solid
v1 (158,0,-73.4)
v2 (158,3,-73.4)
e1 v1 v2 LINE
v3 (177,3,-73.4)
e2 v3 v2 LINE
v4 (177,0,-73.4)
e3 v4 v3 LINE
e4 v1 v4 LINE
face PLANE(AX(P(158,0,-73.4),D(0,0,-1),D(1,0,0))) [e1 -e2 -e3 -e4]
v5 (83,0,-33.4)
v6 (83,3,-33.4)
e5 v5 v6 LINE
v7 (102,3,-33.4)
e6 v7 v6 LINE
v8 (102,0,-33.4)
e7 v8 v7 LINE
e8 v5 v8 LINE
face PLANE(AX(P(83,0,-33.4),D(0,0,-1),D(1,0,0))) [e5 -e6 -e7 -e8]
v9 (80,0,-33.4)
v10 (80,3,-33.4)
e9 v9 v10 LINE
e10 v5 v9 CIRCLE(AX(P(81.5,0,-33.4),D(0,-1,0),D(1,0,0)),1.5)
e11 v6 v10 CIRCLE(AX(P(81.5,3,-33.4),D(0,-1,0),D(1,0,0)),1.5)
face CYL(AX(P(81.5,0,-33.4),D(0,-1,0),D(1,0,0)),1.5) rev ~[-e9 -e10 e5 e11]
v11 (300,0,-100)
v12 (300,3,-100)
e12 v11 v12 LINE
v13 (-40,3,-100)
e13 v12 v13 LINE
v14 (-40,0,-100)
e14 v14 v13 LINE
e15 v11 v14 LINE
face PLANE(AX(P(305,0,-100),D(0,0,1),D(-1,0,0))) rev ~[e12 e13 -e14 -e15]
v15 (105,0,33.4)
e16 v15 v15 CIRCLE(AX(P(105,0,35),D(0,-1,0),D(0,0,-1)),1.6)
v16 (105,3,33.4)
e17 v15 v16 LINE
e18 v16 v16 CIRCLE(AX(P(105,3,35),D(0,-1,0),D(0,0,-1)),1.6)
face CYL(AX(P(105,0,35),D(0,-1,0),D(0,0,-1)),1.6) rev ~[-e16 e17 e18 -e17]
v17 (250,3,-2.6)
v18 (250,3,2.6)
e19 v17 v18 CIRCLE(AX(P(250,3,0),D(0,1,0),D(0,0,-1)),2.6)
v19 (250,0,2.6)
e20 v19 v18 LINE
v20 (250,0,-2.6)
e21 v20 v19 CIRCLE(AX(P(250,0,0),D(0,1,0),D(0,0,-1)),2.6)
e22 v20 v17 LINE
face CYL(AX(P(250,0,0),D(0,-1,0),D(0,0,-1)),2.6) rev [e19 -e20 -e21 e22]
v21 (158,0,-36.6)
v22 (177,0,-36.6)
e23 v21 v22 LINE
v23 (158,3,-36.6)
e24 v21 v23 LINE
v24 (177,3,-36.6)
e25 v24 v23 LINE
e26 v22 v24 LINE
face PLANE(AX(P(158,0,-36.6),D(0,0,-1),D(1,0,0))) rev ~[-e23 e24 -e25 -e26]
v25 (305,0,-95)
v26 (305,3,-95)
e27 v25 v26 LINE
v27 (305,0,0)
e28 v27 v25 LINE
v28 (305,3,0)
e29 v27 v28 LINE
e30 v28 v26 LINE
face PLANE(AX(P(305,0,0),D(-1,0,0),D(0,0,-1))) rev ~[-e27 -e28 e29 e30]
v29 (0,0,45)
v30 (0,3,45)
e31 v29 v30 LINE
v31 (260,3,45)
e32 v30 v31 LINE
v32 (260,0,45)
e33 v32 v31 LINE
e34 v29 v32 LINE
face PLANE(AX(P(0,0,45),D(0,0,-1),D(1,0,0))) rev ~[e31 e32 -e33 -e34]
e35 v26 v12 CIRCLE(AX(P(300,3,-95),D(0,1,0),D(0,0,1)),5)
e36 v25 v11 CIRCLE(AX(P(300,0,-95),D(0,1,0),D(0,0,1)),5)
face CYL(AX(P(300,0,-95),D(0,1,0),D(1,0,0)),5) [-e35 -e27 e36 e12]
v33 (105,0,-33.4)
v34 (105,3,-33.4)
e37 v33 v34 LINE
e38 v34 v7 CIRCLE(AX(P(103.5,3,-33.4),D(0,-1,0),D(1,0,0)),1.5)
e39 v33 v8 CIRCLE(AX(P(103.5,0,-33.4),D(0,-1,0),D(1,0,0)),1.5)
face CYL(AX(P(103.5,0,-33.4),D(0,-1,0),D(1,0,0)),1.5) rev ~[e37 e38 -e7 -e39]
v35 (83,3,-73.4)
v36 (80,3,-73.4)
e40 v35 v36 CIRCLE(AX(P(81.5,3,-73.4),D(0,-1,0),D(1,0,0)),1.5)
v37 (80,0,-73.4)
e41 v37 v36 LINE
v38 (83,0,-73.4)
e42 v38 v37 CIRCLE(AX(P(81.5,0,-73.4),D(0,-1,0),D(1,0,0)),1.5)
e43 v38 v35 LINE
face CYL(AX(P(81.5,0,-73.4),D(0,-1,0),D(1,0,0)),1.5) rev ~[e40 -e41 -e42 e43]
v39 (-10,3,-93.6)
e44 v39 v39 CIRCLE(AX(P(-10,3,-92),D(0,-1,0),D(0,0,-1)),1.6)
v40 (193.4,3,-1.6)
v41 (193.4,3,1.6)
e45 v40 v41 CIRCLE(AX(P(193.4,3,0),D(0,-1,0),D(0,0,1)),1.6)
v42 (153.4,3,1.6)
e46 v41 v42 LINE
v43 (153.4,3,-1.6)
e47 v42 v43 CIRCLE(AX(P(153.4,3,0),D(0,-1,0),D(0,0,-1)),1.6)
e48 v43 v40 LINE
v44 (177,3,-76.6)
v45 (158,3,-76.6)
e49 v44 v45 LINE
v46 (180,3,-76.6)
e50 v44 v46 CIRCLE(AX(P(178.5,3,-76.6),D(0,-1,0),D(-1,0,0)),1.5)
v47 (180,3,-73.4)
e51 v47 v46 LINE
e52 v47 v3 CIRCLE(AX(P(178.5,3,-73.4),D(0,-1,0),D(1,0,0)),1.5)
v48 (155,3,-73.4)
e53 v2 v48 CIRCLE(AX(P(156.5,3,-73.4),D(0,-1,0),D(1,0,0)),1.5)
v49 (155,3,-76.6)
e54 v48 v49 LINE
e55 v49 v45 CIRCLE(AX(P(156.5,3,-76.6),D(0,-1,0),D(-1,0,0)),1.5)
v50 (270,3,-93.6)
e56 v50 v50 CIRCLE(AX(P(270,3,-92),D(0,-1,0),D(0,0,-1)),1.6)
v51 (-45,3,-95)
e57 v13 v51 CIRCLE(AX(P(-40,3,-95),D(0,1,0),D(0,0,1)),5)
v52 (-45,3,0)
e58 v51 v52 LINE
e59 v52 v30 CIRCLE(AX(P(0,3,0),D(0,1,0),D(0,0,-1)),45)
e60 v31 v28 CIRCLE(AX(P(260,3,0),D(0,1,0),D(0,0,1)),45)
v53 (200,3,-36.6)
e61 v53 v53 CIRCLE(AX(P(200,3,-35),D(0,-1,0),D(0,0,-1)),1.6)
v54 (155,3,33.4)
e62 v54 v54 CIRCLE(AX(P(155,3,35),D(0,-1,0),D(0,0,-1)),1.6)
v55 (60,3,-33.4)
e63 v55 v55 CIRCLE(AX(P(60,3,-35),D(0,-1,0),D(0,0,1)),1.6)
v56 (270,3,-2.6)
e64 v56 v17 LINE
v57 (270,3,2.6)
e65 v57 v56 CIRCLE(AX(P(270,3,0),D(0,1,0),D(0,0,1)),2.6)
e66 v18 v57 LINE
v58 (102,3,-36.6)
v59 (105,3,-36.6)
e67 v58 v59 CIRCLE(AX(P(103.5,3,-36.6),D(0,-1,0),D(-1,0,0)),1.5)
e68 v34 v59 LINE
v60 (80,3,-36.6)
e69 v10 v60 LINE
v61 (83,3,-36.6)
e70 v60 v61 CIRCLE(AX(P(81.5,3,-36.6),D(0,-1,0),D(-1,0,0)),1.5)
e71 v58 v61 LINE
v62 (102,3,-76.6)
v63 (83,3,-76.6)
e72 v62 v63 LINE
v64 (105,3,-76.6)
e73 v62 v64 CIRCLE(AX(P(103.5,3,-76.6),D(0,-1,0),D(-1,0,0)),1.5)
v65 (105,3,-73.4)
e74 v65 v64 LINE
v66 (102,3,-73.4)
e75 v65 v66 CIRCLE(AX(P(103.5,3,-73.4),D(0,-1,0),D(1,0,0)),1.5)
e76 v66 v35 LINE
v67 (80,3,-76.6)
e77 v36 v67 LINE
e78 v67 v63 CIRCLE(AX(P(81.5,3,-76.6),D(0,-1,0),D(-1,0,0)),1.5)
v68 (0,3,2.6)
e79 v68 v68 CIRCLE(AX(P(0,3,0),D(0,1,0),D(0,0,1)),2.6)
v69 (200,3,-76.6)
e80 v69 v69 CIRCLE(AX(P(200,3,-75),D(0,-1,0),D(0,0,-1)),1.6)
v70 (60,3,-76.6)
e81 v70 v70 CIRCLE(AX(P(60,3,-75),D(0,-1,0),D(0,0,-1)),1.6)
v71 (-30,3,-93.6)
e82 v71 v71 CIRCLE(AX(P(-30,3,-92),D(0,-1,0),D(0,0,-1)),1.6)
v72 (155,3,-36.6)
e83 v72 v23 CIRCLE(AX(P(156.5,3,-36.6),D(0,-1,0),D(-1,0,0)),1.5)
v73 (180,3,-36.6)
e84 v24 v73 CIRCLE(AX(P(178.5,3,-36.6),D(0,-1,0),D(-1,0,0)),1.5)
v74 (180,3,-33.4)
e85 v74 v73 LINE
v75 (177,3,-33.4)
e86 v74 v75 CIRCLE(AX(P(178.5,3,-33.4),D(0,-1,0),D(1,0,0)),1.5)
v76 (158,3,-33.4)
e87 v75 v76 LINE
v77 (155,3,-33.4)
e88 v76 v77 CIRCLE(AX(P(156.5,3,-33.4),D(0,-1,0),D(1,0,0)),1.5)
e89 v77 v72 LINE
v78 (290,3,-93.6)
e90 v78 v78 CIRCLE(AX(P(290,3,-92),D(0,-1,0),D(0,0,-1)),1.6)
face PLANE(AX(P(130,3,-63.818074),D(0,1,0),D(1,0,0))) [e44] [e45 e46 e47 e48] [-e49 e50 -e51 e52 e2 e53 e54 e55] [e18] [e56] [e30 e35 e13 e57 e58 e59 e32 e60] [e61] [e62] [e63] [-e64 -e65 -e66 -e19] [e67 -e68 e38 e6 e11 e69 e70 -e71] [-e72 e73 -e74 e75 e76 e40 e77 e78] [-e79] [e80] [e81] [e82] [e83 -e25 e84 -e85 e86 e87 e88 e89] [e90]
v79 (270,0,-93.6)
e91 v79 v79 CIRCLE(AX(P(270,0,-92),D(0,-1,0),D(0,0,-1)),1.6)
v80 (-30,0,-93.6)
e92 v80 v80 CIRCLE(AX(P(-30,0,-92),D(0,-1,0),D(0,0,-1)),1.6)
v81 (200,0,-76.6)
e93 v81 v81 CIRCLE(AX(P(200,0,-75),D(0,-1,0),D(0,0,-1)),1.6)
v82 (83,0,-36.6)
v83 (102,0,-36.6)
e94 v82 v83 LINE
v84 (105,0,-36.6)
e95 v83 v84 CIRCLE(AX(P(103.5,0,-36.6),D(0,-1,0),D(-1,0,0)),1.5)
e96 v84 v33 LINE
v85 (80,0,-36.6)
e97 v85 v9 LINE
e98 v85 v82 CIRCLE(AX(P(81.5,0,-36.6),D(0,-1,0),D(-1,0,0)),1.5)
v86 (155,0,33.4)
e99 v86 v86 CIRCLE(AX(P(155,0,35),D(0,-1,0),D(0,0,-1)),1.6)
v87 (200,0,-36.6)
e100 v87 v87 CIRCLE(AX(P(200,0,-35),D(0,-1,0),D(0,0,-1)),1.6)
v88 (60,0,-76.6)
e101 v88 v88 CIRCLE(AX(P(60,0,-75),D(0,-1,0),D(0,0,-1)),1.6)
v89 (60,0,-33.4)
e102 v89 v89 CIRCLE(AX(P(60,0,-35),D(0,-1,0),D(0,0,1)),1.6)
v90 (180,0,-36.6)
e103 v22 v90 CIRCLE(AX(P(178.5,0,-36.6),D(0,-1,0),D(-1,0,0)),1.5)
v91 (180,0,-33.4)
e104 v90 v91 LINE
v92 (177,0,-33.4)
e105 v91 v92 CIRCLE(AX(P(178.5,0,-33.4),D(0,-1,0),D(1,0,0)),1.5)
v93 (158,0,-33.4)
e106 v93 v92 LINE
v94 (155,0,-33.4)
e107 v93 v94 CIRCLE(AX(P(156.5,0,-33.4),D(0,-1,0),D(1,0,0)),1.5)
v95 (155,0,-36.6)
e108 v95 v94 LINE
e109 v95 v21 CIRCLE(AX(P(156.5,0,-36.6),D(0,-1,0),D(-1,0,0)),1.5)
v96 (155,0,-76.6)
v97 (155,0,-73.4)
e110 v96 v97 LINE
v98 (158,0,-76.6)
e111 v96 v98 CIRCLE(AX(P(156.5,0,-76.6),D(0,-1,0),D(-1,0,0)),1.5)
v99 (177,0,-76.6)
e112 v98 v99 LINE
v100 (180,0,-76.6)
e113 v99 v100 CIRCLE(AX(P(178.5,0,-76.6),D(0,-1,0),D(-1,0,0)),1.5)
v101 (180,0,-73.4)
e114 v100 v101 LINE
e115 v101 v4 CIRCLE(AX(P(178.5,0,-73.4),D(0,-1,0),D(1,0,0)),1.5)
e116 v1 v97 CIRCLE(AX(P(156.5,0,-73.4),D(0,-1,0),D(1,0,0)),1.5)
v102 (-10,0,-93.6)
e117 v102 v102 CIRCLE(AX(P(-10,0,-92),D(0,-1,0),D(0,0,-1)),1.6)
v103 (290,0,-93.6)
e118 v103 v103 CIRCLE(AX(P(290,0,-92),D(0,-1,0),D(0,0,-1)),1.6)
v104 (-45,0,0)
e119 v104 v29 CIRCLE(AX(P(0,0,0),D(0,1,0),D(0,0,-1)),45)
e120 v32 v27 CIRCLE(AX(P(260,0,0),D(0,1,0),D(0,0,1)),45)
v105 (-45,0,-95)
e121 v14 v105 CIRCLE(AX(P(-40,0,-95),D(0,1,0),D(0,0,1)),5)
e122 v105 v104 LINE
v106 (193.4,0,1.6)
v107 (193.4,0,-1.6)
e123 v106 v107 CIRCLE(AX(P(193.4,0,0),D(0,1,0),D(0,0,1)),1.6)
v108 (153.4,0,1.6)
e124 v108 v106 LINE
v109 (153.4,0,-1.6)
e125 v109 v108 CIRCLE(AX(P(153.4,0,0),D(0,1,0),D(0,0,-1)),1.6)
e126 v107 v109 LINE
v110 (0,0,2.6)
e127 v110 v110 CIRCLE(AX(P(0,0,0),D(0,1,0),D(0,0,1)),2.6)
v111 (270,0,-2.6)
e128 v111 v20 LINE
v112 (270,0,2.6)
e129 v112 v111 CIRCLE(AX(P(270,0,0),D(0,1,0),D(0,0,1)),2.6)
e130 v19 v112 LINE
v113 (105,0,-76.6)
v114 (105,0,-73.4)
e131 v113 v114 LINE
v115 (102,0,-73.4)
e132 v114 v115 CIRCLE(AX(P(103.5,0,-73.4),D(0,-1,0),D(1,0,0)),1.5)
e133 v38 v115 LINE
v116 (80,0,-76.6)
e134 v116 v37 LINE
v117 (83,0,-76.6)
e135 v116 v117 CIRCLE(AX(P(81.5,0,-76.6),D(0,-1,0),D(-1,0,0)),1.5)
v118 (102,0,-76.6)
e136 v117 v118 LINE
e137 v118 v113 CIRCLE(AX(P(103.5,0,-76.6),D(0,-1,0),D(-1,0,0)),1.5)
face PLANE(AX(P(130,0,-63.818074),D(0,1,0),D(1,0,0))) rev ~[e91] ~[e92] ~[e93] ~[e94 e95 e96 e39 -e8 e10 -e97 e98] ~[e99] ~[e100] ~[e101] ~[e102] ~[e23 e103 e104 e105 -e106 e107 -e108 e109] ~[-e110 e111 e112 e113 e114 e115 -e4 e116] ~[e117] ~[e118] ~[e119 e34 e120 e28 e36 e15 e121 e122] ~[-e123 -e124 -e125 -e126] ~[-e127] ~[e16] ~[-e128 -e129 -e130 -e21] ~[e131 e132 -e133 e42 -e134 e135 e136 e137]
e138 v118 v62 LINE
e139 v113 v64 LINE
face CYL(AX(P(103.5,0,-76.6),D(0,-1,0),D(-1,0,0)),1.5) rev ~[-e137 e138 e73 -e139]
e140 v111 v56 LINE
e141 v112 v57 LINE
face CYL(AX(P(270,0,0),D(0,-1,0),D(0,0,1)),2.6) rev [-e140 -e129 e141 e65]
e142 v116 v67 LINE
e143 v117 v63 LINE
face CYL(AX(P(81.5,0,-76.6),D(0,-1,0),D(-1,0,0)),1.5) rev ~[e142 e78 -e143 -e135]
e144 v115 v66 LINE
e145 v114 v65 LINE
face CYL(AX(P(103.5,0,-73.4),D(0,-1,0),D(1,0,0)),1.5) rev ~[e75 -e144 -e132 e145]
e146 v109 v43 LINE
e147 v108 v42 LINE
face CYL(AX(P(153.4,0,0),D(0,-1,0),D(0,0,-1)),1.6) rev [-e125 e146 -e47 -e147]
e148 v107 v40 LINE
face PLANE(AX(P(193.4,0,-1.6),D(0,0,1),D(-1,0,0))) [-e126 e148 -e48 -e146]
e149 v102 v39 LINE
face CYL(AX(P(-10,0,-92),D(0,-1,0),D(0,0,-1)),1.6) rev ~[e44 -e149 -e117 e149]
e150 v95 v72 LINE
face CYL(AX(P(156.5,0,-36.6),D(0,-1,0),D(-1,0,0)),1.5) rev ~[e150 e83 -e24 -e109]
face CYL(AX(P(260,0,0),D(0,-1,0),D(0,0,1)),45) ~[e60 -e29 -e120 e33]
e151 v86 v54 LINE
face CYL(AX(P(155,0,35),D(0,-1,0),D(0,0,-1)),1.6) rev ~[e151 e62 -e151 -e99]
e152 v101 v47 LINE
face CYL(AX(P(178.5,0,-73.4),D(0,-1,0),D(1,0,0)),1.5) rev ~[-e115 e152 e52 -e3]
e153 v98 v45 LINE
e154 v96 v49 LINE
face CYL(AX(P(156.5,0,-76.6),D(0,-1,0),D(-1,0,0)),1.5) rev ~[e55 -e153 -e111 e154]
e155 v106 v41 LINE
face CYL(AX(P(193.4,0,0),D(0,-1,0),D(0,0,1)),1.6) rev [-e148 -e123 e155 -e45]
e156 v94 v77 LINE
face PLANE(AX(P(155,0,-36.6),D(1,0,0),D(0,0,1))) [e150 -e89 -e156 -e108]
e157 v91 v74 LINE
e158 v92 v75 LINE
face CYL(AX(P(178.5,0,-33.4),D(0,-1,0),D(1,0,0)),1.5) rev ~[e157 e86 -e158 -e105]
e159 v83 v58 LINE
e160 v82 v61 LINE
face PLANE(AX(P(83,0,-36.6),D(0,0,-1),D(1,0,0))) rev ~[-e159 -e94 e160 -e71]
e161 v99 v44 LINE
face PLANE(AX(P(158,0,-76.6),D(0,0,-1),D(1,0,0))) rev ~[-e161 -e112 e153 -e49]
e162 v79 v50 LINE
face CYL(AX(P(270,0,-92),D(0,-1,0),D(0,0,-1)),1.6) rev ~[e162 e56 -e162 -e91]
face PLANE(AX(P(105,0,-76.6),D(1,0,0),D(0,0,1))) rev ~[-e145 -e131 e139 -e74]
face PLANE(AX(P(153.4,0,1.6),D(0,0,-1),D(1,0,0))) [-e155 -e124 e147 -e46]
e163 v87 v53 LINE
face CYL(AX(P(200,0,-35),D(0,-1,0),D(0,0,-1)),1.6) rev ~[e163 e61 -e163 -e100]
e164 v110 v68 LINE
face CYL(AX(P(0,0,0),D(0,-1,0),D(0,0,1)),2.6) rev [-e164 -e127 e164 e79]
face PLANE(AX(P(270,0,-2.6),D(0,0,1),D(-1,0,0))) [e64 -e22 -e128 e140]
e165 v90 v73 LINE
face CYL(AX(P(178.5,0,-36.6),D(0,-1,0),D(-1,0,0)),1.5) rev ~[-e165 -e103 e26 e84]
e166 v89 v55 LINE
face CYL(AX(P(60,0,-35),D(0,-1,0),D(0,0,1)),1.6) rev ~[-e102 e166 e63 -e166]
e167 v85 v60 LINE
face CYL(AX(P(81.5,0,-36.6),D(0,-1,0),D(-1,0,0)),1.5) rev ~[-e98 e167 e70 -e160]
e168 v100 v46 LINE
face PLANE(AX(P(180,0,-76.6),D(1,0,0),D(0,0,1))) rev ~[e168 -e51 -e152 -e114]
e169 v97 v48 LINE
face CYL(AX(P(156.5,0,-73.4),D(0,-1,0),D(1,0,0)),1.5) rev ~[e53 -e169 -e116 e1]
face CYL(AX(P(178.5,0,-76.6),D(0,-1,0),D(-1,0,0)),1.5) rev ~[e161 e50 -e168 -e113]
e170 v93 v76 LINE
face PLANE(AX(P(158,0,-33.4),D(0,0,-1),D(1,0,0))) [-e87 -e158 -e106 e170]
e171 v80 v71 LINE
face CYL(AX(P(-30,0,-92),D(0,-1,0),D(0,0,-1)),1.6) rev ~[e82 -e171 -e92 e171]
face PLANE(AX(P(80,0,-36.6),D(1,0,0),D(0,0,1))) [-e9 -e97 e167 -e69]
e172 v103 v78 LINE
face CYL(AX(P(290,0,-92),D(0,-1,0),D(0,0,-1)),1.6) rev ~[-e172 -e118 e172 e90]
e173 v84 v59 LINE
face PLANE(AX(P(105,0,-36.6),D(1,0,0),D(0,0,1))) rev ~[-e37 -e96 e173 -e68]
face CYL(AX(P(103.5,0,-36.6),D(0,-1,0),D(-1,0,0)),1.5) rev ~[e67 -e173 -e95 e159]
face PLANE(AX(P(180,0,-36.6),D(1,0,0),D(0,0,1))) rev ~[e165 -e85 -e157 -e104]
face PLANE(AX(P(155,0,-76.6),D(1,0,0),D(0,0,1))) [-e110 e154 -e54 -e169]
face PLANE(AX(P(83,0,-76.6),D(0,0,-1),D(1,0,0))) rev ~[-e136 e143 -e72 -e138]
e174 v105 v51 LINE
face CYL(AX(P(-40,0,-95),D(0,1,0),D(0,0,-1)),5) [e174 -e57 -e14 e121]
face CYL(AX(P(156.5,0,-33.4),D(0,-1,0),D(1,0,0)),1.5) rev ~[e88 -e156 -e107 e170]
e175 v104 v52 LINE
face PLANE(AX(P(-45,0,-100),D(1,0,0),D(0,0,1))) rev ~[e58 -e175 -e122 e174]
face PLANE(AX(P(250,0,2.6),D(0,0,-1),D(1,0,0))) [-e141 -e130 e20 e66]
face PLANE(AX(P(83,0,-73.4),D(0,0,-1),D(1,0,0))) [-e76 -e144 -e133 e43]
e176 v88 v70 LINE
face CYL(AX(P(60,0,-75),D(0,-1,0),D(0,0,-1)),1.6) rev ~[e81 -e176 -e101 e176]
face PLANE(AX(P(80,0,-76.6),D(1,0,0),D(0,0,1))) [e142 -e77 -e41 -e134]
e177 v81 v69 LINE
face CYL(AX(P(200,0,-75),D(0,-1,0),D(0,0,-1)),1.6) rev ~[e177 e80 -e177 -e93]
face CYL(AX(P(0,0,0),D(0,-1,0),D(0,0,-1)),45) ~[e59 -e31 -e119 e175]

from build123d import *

# Parameters (mm, degrees)
SKETCH1_R           = 2.6
BOSS_EXTRUDE1_DEPTH = 3
SKETCH2_W           = 3
SKETCH2_H           = 3.2
SKETCH2_W_2         = 19
SKETCH2_R           = 1.6
CUT_EXTRUDE1_DEPTH  = 10
FILLET1_R           = 5
SKETCH3_R           = 1.6
CUT_EXTRUDE2_DEPTH  = 321.989096388


with BuildPart() as part:
    # Sketch1 → Boss-Extrude1 (new body)
    # profile 1 of 2: a face of its own
    with BuildSketch(Plane(origin=(0, 0, 0), x_dir=(1, 0, 0), z_dir=(0, 1, 0))):
        with BuildLine():
            Line((0, -45), (260, -45))
            ThreePointArc((260, -45), (305, 0), (260, 45))
            Line((260, 45), (0, 45))
            ThreePointArc((0, 45), (-45, 0), (0, -45))
        make_face()
        with Locations(Location((0, 0, 0), (0, 0, 270))):
            Circle(SKETCH1_R, mode=Mode.SUBTRACT)
        with BuildLine():
            ThreePointArc((250, 2.6), (247.4, 0), (250, -2.6))
            Line((250, -2.6), (270, -2.6))
            ThreePointArc((270, -2.6), (272.6, 0), (270, 2.6))
            Line((270, 2.6), (250, 2.6))
        make_face(mode=Mode.SUBTRACT)
    # profile 2 of 2: a face of its own
    with BuildSketch(Plane(origin=(0, 0, 0), x_dir=(1, 0, 0), z_dir=(0, 1, 0))):
        with BuildLine():
            ThreePointArc((-45, 0), (-31.819805153, 31.819805153), (0, 45))
            Line((0, 45), (260, 45))
            ThreePointArc((260, 45), (291.819805153, 31.819805153), (305, 0))
            Line((305, 0), (305, 100))
            Line((305, 100), (-45, 100))
            Line((-45, 100), (-45, 0))
        make_face()
    extrude(amount=BOSS_EXTRUDE1_DEPTH)

    # Sketch2 → Cut-Extrude1 (cut)
    with BuildSketch(Plane.XZ):
        with Locations((81.5, -35)):
            Rectangle(SKETCH2_W, SKETCH2_H)
        with BuildLine():
            Line((80, -33.4), (83, -33.4))
            ThreePointArc((83, -33.4), (81.5, -31.9), (80, -33.4))
        make_face()
        with BuildLine():
            ThreePointArc((80, -36.6), (81.5, -38.1), (83, -36.6))
            Line((83, -36.6), (80, -36.6))
        make_face()
        with Locations((92.5, -35)):
            Rectangle(SKETCH2_W_2, SKETCH2_H)
        with BuildLine():
            ThreePointArc((105, -33.4), (103.5, -31.9), (102, -33.4))
            Line((102, -33.4), (105, -33.4))
        make_face()
        with Locations((103.5, -35)):
            Rectangle(SKETCH2_W, SKETCH2_H)
        with BuildLine():
            Line((105, -36.6), (102, -36.6))
            ThreePointArc((102, -36.6), (103.5, -38.1), (105, -36.6))
        make_face()
        with BuildLine():
            ThreePointArc((83, -73.4), (81.5, -71.9), (80, -73.4))
            Line((80, -73.4), (83, -73.4))
        make_face()
        with Locations((81.5, -75)):
            Rectangle(SKETCH2_W, SKETCH2_H)
        with Locations((92.5, -75)):
            Rectangle(SKETCH2_W_2, SKETCH2_H)
        with BuildLine():
            Line((83, -76.6), (80, -76.6))
            ThreePointArc((80, -76.6), (81.5, -78.1), (83, -76.6))
        make_face()
        with BuildLine():
            ThreePointArc((105, -73.4), (103.5, -71.9), (102, -73.4))
            Line((102, -73.4), (105, -73.4))
        make_face()
        with Locations((103.5, -75)):
            Rectangle(SKETCH2_W, SKETCH2_H)
        with BuildLine():
            Line((105, -76.6), (102, -76.6))
            ThreePointArc((102, -76.6), (103.5, -78.1), (105, -76.6))
        make_face()
        with BuildLine():
            Line((155, -33.4), (158, -33.4))
            ThreePointArc((158, -33.4), (156.5, -31.9), (155, -33.4))
        make_face()
        with Locations((156.5, -35)):
            Rectangle(SKETCH2_W, SKETCH2_H)
        with BuildLine():
            ThreePointArc((155, -36.6), (156.5, -38.1), (158, -36.6))
            Line((158, -36.6), (155, -36.6))
        make_face()
        with Locations((167.5, -35)):
            Rectangle(SKETCH2_W_2, SKETCH2_H)
        with BuildLine():
            Line((177, -33.4), (180, -33.4))
            ThreePointArc((180, -33.4), (178.5, -31.9), (177, -33.4))
        make_face()
        with Locations((178.5, -35)):
            Rectangle(SKETCH2_W, SKETCH2_H)
        with BuildLine():
            ThreePointArc((177, -36.6), (178.5, -38.1), (180, -36.6))
            Line((180, -36.6), (177, -36.6))
        make_face()
        with BuildLine():
            ThreePointArc((158, -73.4), (156.5, -71.9), (155, -73.4))
            Line((155, -73.4), (158, -73.4))
        make_face()
        with Locations((156.5, -75)):
            Rectangle(SKETCH2_W, SKETCH2_H)
        with BuildLine():
            Line((158, -76.6), (155, -76.6))
            ThreePointArc((155, -76.6), (156.5, -78.1), (158, -76.6))
        make_face()
        with Locations((167.5, -75)):
            Rectangle(SKETCH2_W_2, SKETCH2_H)
        with BuildLine():
            ThreePointArc((180, -73.4), (178.5, -71.9), (177, -73.4))
            Line((177, -73.4), (180, -73.4))
        make_face()
        with Locations((178.5, -75)):
            Rectangle(SKETCH2_W, SKETCH2_H)
        with BuildLine():
            Line((180, -76.6), (177, -76.6))
            ThreePointArc((177, -76.6), (178.5, -78.1), (180, -76.6))
        make_face()
        with Locations(Location((200, -75, 0), (0, 0, 270))):
            Circle(SKETCH2_R)
        with Locations(Location((290, -92, 0), (0, 0, 270))):
            Circle(SKETCH2_R)
        with Locations(Location((270, -92, 0), (0, 0, 270))):
            Circle(SKETCH2_R)
        with Locations(Location((60, -35, 0), (0, 0, 90))):
            Circle(SKETCH2_R)
        with Locations(Location((60, -75, 0), (0, 0, 270))):
            Circle(SKETCH2_R)
        with Locations(Location((-10, -92, 0), (0, 0, 270))):
            Circle(SKETCH2_R)
        with Locations(Location((-30, -92, 0), (0, 0, 270))):
            Circle(SKETCH2_R)
        with Locations(Location((200, -35, 0), (0, 0, 270))):
            Circle(SKETCH2_R)
    extrude(amount=-CUT_EXTRUDE1_DEPTH, mode=Mode.SUBTRACT)

    # Fillet1
    fillet1_edges = [part.edges().sort_by_distance(p)[0] for p in [
        (-45, 1.5, -100),
        (305, 1.5, -100),
    ]]
    fillet(fillet1_edges, radius=FILLET1_R)

    # Sketch3 → Cut-Extrude2 (cut, through all)
    with BuildSketch(Plane.XZ):
        with Locations(Location((105, 35, 0), (0, 0, 270))):
            Circle(SKETCH3_R)
        with Locations(Location((155, 35, 0), (0, 0, 270))):
            Circle(SKETCH3_R)
        with BuildLine():
            Line((193.4, -1.6), (153.4, -1.6))
            ThreePointArc((153.4, -1.6), (151.8, 0), (153.4, 1.6))
            Line((153.4, 1.6), (193.4, 1.6))
            ThreePointArc((193.4, 1.6), (195, 0), (193.4, -1.6))
        make_face()
    extrude(amount=-CUT_EXTRUDE2_DEPTH, mode=Mode.SUBTRACT)


solid = part.part
